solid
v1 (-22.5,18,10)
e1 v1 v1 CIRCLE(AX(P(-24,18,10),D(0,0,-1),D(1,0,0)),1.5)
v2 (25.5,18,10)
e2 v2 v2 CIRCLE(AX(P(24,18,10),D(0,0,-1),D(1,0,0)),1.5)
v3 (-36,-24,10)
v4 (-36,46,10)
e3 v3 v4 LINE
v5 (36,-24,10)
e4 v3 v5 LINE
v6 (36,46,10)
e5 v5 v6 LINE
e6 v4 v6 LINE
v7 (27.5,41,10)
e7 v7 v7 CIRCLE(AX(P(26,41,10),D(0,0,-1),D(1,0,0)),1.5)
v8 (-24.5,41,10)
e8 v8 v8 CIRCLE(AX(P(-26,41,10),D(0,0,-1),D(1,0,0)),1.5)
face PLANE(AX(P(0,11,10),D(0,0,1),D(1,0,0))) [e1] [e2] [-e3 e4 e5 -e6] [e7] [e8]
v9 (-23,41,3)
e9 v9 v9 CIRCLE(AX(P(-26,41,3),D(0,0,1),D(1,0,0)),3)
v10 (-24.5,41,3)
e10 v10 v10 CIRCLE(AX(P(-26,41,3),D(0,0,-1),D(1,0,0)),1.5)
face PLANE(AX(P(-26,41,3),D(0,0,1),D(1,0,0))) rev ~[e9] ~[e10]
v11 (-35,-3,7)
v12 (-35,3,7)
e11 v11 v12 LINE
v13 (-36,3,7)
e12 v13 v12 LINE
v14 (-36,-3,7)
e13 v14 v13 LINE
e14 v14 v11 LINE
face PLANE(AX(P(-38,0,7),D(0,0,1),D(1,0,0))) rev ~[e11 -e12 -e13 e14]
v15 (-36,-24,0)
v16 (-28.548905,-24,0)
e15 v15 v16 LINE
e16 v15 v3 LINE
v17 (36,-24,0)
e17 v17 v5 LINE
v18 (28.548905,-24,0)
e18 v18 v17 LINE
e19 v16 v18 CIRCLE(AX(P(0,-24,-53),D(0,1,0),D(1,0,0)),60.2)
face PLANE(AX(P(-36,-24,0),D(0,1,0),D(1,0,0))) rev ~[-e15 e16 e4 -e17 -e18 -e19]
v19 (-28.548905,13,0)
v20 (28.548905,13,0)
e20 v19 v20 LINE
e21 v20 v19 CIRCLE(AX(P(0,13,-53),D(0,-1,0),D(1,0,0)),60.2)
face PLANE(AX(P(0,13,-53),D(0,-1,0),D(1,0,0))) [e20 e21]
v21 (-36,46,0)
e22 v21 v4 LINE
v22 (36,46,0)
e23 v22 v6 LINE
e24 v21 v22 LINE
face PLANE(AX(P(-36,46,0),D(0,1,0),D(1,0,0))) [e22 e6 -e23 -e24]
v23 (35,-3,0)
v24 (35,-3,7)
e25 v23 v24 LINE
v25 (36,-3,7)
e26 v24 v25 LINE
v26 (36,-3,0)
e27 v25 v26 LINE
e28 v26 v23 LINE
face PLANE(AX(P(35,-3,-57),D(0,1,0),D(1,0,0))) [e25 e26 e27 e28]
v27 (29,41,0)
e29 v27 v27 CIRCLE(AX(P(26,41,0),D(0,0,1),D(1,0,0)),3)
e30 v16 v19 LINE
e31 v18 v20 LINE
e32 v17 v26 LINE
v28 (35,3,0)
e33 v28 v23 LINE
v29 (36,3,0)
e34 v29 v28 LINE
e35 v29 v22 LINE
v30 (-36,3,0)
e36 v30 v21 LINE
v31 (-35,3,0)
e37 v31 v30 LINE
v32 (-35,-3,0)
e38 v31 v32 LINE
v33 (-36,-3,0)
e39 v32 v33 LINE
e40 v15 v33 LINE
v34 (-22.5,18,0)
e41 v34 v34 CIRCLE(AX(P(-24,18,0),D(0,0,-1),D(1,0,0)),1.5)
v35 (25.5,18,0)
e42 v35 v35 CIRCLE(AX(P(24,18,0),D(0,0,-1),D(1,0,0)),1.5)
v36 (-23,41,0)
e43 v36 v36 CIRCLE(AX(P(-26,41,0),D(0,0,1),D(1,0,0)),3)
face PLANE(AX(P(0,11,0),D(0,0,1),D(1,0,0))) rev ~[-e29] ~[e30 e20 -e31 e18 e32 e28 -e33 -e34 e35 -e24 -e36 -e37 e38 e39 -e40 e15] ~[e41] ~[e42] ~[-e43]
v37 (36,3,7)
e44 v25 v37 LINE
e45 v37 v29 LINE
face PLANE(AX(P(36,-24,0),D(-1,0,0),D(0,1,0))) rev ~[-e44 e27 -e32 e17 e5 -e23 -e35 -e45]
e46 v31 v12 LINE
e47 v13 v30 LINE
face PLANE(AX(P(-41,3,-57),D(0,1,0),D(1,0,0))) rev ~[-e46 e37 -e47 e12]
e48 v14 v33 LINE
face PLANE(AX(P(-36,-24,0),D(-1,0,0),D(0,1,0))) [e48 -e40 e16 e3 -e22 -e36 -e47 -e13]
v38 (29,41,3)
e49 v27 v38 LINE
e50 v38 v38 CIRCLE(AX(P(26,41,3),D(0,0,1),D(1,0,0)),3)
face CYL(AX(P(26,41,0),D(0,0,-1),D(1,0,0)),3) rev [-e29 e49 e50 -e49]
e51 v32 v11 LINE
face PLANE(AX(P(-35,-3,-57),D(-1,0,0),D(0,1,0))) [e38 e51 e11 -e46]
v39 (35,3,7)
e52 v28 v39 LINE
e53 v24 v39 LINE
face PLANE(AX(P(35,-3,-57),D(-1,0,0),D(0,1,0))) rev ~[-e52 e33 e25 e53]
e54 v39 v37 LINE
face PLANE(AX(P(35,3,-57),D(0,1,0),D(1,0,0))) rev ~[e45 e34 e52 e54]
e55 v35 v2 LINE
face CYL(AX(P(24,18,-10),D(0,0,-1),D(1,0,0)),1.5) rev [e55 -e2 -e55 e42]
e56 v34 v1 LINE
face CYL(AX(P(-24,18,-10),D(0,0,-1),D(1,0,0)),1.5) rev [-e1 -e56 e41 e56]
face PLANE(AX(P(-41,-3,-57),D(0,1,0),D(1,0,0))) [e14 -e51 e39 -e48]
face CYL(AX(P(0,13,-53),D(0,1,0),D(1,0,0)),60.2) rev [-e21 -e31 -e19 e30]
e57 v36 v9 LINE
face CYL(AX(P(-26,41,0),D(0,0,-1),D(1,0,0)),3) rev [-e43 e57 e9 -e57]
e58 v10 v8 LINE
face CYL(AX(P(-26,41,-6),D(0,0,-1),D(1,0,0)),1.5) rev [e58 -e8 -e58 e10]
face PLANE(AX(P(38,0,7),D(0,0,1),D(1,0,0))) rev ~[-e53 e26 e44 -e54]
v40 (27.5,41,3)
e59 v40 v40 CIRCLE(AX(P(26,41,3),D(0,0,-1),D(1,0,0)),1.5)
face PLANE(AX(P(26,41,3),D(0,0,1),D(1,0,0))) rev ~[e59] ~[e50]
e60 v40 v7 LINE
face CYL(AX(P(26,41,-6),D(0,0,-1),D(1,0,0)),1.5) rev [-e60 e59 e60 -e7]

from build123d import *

# Parameters (mm, degrees)
BOX241_W           = 6
BOX241_H           = 6
BOX241_DEPTH       = 64
BOX240_W           = 6
BOX240_H           = 6
BOX240_DEPTH       = 64
CYLINDER_R         = 60.2
CYLINDER_DEPTH     = 52
CYLINDER1233_R     = 1.5
CYLINDER1233_DEPTH = 32
CYLINDER1232_R     = 1.5
CYLINDER1232_DEPTH = 32
CYLINDER1239_R     = 1.5
CYLINDER1239_DEPTH = 100
CYLINDER1238_R     = 1.5
CYLINDER1238_DEPTH = 100
CYLINDER1245_R     = 3
CYLINDER1245_DEPTH = 3
CYLINDER1244_R     = 3
CYLINDER1244_DEPTH = 3
CYLINDER544_R      = 1.5
CYLINDER544_DEPTH  = 50
CYLINDER550_R      = 1.5
CYLINDER550_DEPTH  = 50
CYLINDER556_R      = 1.5
CYLINDER556_DEPTH  = 50
CYLINDER549_R      = 1.5
CYLINDER549_DEPTH  = 50
CYLINDER535_R      = 1.5
CYLINDER535_DEPTH  = 100
CYLINDER538_R      = 1.5
CYLINDER538_DEPTH  = 100
CYLINDER583_R      = 1.5
CYLINDER583_DEPTH  = 100
CYLINDER584_R      = 1.5
CYLINDER584_DEPTH  = 100
BOX142_W           = 72
BOX142_H           = 70
BOX142_DEPTH       = 10


with BuildPart() as krychle241:
    # Box241 → Box241 (new body)
    with BuildSketch(Plane(origin=(87, -3, -93), x_dir=(1, 0, 0), z_dir=(0, 0, 1))):
        with Locations((3, 3)):
            Rectangle(BOX241_W, BOX241_H)
    extrude(amount=BOX241_DEPTH)


with BuildPart() as compound653:
    # Box240 → Box240 (new body)
    with BuildSketch(Plane(origin=(11, -3, -93), x_dir=(1, 0, 0), z_dir=(0, 0, 1))):
        with Locations((3, 3)):
            Rectangle(BOX240_W, BOX240_H)
    extrude(amount=BOX240_DEPTH)

    # Compound653: union Krychle241
    add(krychle241.part)


with BuildPart() as compound653_1:
    # Compound653 placement: moved
    add(compound653.part.moved(Location((-52, 0, 36))))


with BuildPart() as v_lec:
    # Cylinder → Cylinder (new body)
    with BuildSketch(Plane(origin=(0, 13, -53), x_dir=(1, 0, 0), z_dir=(0, -1, 0))):
        Circle(CYLINDER_R)
    extrude(amount=CYLINDER_DEPTH)


with BuildPart() as v_lec1233:
    # Cylinder1233 → Cylinder1233 (new body)
    with BuildSketch(Plane(origin=(78, 41, -42), x_dir=(1, 0, 0), z_dir=(0, 0, 1))):
        Circle(CYLINDER1233_R)
    extrude(amount=CYLINDER1233_DEPTH)


with BuildPart() as compound620:
    # Cylinder1232 → Cylinder1232 (new body)
    with BuildSketch(Plane(origin=(26, 41, -42), x_dir=(1, 0, 0), z_dir=(0, 0, 1))):
        Circle(CYLINDER1232_R)
    extrude(amount=CYLINDER1232_DEPTH)

    # Compound620: union Válec1233
    add(v_lec1233.part)


with BuildPart() as compound620_1:
    # Compound620 placement: moved
    add(compound620.part.moved(Location((-52, 0, 36))))


with BuildPart() as v_lec1239:
    # Cylinder1239 → Cylinder1239 (new body)
    with BuildSketch(Plane(origin=(14, 0, -60), x_dir=(1, 0, 0), z_dir=(0, 0, 1))):
        Circle(CYLINDER1239_R)
    extrude(amount=CYLINDER1239_DEPTH)


with BuildPart() as compound630:
    # Cylinder1238 → Cylinder1238 (new body)
    with BuildSketch(Plane(origin=(90, 0, -60), x_dir=(1, 0, 0), z_dir=(0, 0, 1))):
        Circle(CYLINDER1238_R)
    extrude(amount=CYLINDER1238_DEPTH)

    # Compound625: union Válec1239
    add(v_lec1239.part)


with BuildPart() as compound630_1:
    # Compound625 placement: moved
    add(compound630.part.moved(Location((-52, 0, 0))))

    # Compound630: union Compound620
    add(compound620_1.part)


with BuildPart() as v_lec1245:
    # Cylinder1245 → Cylinder1245 (new body)
    with BuildSketch(Plane(origin=(78, 41, -42), x_dir=(1, 0, 0), z_dir=(0, 0, 1))):
        Circle(CYLINDER1245_R)
    extrude(amount=CYLINDER1245_DEPTH)


with BuildPart() as compound634:
    # Cylinder1244 → Cylinder1244 (new body)
    with BuildSketch(Plane(origin=(26, 41, -42), x_dir=(1, 0, 0), z_dir=(0, 0, 1))):
        Circle(CYLINDER1244_R)
    extrude(amount=CYLINDER1244_DEPTH)

    # Compound634: union Válec1245
    add(v_lec1245.part)


with BuildPart() as compound634_1:
    # Compound634 placement: moved
    add(compound634.part.moved(Location((-52, 0, 42))))


with BuildPart() as v_lec544:
    # Cylinder544 → Cylinder544 (new body)
    with BuildSketch(Plane(origin=(-51, 6, 0), x_dir=(1, 0, 0), z_dir=(0, 0, 1))):
        Circle(CYLINDER544_R)
    extrude(amount=CYLINDER544_DEPTH)


with BuildPart() as v_lec550:
    # Cylinder550 → Cylinder550 (new body)
    with BuildSketch(Plane(origin=(-24, 18, 0), x_dir=(1, 0, 0), z_dir=(0, 0, 1))):
        Circle(CYLINDER550_R)
    extrude(amount=CYLINDER550_DEPTH)


with BuildPart() as v_lec556:
    # Cylinder556 → Cylinder556 (new body)
    with BuildSketch(Plane(origin=(24, 18, 0), x_dir=(1, 0, 0), z_dir=(0, 0, 1))):
        Circle(CYLINDER556_R)
    extrude(amount=CYLINDER556_DEPTH)


with BuildPart() as compound324:
    # Cylinder549 → Cylinder549 (new body)
    with BuildSketch(Plane(origin=(51, 6, 0), x_dir=(1, 0, 0), z_dir=(0, 0, 1))):
        Circle(CYLINDER549_R)
    extrude(amount=CYLINDER549_DEPTH)

    # Compound324: union Válec544, Válec550, Válec556
    add(v_lec544.part)
    add(v_lec550.part)
    add(v_lec556.part)


with BuildPart() as v_lec535:
    # Cylinder535 → Cylinder535 (new body)
    with BuildSketch(Plane(origin=(51, -12, 0), x_dir=(1, 0, 0), z_dir=(0, 0, 1))):
        Circle(CYLINDER535_R)
    extrude(amount=CYLINDER535_DEPTH)


with BuildPart() as compound323:
    # Cylinder538 → Cylinder538 (new body)
    with BuildSketch(Plane(origin=(-51, -12, 0), x_dir=(1, 0, 0), z_dir=(0, 0, 1))):
        Circle(CYLINDER538_R)
    extrude(amount=CYLINDER538_DEPTH)

    # Compound323: union Válec535
    add(v_lec535.part)


with BuildPart() as v_lec583:
    # Cylinder583 → Cylinder583 (new body)
    with BuildSketch(Plane(origin=(39, -21, 0), x_dir=(1, 0, 0), z_dir=(0, 0, 1))):
        Circle(CYLINDER583_R)
    extrude(amount=CYLINDER583_DEPTH)


with BuildPart() as compound628:
    # Cylinder584 → Cylinder584 (new body)
    with BuildSketch(Plane(origin=(-39, -21, 0), x_dir=(1, 0, 0), z_dir=(0, 0, 1))):
        Circle(CYLINDER584_R)
    extrude(amount=CYLINDER584_DEPTH)

    # Compound339: union Válec583
    add(v_lec583.part)

    # Compound628: union Compound324, Compound323
    add(compound324.part)
    add(compound323.part)


with BuildPart() as compound628_1:
    # Compound628 placement: moved
    add(compound628.part.moved(Location((0, 0, -10))))


with BuildPart() as cut209:
    # Box142 → Box142 (new body)
    with BuildSketch(Plane(origin=(-36, -24, 0), x_dir=(1, 0, 0), z_dir=(0, 0, 1))):
        with Locations((36, 35)):
            Rectangle(BOX142_W, BOX142_H)
    extrude(amount=BOX142_DEPTH)

    # Cut201: cut Compound628
    add(compound628_1.part, mode=Mode.SUBTRACT)

    # Cut202: cut Compound634
    add(compound634_1.part, mode=Mode.SUBTRACT)

    # Cut203: cut Compound630
    add(compound630_1.part, mode=Mode.SUBTRACT)

    # Cut208: cut Válec
    add(v_lec.part, mode=Mode.SUBTRACT)

    # Cut209: cut Compound653
    add(compound653_1.part, mode=Mode.SUBTRACT)


solid = cut209.part
